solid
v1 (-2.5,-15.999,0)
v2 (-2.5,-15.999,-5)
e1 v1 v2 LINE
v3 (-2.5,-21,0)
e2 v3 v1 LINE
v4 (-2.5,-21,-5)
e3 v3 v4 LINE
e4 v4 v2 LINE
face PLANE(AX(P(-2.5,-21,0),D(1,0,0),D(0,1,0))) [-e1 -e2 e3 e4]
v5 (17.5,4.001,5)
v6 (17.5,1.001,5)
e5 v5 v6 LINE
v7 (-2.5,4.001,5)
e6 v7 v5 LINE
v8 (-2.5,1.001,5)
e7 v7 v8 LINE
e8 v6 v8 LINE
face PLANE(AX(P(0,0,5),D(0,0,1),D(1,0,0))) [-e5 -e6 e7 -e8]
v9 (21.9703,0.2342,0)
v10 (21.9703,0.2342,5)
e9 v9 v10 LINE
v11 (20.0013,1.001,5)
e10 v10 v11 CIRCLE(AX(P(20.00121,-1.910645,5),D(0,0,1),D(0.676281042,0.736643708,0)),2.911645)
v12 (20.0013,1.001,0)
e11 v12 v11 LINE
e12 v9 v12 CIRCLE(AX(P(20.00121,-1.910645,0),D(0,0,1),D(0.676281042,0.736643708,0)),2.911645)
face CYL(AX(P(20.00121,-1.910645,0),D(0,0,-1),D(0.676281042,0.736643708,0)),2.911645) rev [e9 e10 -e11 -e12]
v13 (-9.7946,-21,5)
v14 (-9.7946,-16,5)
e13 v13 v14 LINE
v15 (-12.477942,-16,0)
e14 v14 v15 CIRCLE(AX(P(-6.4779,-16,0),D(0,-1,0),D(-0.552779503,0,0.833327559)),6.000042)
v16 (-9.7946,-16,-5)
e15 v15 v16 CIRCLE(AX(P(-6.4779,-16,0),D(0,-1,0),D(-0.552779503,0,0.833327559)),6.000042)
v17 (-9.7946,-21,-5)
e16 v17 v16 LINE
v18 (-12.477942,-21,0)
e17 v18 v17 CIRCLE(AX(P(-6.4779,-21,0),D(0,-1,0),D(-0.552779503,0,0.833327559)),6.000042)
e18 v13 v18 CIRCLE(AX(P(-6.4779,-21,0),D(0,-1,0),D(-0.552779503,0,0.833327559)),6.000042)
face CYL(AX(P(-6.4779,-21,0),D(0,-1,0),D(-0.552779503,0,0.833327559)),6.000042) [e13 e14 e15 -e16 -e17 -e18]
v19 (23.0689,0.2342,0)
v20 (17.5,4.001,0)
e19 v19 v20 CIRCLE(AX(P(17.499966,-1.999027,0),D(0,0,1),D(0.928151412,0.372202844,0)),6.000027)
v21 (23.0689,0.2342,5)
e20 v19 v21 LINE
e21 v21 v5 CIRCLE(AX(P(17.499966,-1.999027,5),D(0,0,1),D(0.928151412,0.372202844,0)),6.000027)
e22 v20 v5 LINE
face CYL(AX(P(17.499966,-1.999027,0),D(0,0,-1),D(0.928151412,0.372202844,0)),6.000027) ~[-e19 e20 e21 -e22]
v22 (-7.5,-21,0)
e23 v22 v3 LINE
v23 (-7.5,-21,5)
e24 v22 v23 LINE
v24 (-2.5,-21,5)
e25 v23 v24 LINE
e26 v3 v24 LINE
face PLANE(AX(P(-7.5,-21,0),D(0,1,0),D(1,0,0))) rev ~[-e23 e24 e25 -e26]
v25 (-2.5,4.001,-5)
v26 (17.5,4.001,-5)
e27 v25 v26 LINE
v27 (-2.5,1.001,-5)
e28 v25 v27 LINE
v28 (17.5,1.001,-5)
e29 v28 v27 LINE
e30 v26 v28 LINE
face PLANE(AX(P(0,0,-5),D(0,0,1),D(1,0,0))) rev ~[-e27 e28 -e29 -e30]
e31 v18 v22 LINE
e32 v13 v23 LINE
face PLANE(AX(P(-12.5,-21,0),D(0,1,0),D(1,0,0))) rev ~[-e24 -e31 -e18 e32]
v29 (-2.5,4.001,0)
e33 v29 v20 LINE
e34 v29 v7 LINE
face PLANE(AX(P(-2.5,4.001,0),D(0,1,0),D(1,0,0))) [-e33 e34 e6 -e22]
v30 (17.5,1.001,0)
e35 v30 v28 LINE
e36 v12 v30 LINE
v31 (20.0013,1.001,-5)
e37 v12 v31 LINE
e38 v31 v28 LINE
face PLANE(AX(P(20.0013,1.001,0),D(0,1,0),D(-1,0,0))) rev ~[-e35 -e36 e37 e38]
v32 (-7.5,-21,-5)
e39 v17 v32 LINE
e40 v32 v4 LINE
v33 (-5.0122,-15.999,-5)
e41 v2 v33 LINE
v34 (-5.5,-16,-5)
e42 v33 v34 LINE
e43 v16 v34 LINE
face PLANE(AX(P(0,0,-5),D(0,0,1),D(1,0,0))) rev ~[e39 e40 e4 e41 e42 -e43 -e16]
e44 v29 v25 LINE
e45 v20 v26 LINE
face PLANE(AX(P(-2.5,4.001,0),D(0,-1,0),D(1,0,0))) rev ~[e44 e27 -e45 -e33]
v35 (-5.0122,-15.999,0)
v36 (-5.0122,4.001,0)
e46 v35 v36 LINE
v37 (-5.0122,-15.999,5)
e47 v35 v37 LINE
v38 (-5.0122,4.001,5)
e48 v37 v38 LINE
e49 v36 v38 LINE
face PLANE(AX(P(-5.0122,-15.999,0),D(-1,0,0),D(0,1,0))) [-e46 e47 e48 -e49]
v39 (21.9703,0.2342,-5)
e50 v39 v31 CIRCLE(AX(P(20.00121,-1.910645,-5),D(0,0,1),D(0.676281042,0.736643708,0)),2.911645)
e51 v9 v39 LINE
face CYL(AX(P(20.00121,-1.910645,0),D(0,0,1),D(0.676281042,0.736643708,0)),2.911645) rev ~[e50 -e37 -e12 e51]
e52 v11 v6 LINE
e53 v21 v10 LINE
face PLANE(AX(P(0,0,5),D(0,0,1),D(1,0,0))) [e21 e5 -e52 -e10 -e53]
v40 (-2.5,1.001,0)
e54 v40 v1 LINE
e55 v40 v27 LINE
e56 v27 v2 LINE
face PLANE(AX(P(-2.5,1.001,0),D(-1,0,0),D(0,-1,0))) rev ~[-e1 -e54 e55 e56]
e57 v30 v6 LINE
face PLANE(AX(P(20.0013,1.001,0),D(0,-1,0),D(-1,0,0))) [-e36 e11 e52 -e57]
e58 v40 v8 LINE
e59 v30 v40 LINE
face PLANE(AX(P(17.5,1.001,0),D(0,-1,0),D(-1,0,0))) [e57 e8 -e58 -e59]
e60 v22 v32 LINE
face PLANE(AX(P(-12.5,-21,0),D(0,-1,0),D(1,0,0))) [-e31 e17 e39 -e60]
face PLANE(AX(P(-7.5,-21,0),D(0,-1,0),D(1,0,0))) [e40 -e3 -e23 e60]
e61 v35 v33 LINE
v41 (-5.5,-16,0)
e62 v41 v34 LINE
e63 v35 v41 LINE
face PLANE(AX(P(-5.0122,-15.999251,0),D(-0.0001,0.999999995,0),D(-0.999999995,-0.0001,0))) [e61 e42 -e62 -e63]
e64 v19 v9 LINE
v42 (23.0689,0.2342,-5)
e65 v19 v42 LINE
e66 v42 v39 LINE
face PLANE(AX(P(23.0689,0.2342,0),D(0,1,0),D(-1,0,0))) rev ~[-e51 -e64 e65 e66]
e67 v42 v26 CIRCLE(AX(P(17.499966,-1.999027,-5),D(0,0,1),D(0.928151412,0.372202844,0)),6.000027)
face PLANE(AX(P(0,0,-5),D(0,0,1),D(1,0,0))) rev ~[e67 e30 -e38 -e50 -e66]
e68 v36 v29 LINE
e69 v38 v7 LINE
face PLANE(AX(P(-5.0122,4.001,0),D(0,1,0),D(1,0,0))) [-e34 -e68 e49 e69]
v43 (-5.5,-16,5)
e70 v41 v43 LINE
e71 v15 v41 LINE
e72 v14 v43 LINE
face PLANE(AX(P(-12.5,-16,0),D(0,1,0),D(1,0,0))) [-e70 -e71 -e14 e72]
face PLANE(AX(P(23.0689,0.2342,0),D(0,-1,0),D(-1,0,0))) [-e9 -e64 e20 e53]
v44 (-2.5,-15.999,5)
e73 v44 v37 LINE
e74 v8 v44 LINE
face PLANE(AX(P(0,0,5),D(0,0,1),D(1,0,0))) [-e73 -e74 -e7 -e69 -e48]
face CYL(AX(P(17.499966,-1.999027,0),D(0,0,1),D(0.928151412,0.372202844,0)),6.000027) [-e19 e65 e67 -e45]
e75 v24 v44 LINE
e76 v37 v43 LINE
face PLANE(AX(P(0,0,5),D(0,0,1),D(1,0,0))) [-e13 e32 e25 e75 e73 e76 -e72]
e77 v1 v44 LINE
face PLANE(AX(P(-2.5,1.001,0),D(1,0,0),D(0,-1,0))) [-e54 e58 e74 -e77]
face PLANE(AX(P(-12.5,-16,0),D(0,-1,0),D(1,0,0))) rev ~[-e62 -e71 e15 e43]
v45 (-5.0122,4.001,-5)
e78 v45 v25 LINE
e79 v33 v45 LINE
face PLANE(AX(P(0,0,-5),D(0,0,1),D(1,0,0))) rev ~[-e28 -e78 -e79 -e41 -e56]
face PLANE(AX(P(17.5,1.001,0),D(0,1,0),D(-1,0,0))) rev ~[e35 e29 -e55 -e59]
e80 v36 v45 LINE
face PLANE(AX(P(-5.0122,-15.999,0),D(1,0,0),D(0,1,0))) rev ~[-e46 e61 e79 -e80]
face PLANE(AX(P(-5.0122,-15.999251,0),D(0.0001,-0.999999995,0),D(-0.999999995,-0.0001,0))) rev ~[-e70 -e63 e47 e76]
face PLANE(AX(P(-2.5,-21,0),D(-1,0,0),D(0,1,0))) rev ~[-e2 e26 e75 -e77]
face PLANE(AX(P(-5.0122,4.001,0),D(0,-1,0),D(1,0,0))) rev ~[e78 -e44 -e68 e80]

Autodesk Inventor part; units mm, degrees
ref_plane "YZ Plane" through (0, 0, 0) normal (1, 0, 0) x (0, 1, 0)
ref_plane "XZ Plane" through (0, 0, 0) normal (0, 1, 0) x (-1, 0, 0)
ref_plane "XY Plane" through (0, 0, 0) normal (0, 0, 1) x (1, 0, 0)
sketch "Sketch2" plane through (0, 0, 0) normal (0, 0, 1) x (1, 0, 0)
  line L0 (-17.5, -21) -> (-7.5, -21) projected
  line L1 (-91.1, -16) -> (-5.5, -16) projected
  line L2 (-5.5, -16) -> (-5.5, 28.3) projected
  line L3 (-12.5, -21) -> (-12.5, -16)
  line L4 (-12.5, -21) -> (-2.5, -21)
  line L5 (-2.5, -21) -> (-2.5, -15.999)
  line L6 (-2.5, -15.999) -> (-12.5, -15.999)
  line L7 (-12.5, -15.999) -> (-12.5, -21)
  line L8 (-2.5, -15.999) -> (-5.0122, -15.999)
  line L9 (-5.0122, -15.999) -> (-5.0122, 4.001)
  line L10 (-5.0122, 4.001) -> (-2.5, 4.001)
  line L11 (-2.5, 4.001) -> (-2.5, -15.999)
  line L12 (-2.5, 4.001) -> (17.5, 4.001)
  line L13 (17.5, 4.001) -> (17.5, 1.001)
  line L14 (17.5, 1.001) -> (-2.5, 1.001)
  line L15 (-2.5, 1.001) -> (-2.5, 4.001)
  arc A0 (23.0689, 0.2342) -> (17.5, 4.001) centre (17.5, -1.999) ccw
  arc A1 (21.9703, 0.2342) -> (20.0013, 1.001) centre (20.0013, -1.9105) ccw
  line L16 (20.0013, 1.001) -> (17.5, 1.001)
  line L17 (23.0689, 0.2342) -> (21.9703, 0.2342)
  point P0 (0, 0)
  point P1 (-5.5, -15.999)
  dimension "d0" = 10
  dimension "d1" = 20
  dimension "d2" = 20
  dimension "d3" = 3
  dimension "d9" = 6
extrude "Extrusion1" add sketch "Sketch2" against normal mid plane 10
sketch "Sketch3" plane through (-12.5, -21, -5) normal (0, -1, 0) x (1, 0, 0)
  line L0 (5, 0) -> (5, -5) projected
  line L1 (0, 0) -> (7.4878, 0) projected
  arc A0 (2.7054, 10) -> (2.7054, 0) centre (6.0221, 5) ccw
  line L2 (2.7054, 0) -> (-2.2946, 0)
  line L3 (0, 0) -> (0, 10) projected
  line L4 (-2.2946, 10) -> (2.7054, 10)
  line L5 (-2.2946, 0) -> (-2.2946, 10)
  point P0 (12.5, 5)
  point P1 (2.7054, 0)
  dimension "d6" = 6
extrude "Extrusion2" cut sketch "Sketch3" against normal blind 10 contours L3 L4 A0 L1
properties part number "ЛЦМК000002.00.00.00.00.07"
